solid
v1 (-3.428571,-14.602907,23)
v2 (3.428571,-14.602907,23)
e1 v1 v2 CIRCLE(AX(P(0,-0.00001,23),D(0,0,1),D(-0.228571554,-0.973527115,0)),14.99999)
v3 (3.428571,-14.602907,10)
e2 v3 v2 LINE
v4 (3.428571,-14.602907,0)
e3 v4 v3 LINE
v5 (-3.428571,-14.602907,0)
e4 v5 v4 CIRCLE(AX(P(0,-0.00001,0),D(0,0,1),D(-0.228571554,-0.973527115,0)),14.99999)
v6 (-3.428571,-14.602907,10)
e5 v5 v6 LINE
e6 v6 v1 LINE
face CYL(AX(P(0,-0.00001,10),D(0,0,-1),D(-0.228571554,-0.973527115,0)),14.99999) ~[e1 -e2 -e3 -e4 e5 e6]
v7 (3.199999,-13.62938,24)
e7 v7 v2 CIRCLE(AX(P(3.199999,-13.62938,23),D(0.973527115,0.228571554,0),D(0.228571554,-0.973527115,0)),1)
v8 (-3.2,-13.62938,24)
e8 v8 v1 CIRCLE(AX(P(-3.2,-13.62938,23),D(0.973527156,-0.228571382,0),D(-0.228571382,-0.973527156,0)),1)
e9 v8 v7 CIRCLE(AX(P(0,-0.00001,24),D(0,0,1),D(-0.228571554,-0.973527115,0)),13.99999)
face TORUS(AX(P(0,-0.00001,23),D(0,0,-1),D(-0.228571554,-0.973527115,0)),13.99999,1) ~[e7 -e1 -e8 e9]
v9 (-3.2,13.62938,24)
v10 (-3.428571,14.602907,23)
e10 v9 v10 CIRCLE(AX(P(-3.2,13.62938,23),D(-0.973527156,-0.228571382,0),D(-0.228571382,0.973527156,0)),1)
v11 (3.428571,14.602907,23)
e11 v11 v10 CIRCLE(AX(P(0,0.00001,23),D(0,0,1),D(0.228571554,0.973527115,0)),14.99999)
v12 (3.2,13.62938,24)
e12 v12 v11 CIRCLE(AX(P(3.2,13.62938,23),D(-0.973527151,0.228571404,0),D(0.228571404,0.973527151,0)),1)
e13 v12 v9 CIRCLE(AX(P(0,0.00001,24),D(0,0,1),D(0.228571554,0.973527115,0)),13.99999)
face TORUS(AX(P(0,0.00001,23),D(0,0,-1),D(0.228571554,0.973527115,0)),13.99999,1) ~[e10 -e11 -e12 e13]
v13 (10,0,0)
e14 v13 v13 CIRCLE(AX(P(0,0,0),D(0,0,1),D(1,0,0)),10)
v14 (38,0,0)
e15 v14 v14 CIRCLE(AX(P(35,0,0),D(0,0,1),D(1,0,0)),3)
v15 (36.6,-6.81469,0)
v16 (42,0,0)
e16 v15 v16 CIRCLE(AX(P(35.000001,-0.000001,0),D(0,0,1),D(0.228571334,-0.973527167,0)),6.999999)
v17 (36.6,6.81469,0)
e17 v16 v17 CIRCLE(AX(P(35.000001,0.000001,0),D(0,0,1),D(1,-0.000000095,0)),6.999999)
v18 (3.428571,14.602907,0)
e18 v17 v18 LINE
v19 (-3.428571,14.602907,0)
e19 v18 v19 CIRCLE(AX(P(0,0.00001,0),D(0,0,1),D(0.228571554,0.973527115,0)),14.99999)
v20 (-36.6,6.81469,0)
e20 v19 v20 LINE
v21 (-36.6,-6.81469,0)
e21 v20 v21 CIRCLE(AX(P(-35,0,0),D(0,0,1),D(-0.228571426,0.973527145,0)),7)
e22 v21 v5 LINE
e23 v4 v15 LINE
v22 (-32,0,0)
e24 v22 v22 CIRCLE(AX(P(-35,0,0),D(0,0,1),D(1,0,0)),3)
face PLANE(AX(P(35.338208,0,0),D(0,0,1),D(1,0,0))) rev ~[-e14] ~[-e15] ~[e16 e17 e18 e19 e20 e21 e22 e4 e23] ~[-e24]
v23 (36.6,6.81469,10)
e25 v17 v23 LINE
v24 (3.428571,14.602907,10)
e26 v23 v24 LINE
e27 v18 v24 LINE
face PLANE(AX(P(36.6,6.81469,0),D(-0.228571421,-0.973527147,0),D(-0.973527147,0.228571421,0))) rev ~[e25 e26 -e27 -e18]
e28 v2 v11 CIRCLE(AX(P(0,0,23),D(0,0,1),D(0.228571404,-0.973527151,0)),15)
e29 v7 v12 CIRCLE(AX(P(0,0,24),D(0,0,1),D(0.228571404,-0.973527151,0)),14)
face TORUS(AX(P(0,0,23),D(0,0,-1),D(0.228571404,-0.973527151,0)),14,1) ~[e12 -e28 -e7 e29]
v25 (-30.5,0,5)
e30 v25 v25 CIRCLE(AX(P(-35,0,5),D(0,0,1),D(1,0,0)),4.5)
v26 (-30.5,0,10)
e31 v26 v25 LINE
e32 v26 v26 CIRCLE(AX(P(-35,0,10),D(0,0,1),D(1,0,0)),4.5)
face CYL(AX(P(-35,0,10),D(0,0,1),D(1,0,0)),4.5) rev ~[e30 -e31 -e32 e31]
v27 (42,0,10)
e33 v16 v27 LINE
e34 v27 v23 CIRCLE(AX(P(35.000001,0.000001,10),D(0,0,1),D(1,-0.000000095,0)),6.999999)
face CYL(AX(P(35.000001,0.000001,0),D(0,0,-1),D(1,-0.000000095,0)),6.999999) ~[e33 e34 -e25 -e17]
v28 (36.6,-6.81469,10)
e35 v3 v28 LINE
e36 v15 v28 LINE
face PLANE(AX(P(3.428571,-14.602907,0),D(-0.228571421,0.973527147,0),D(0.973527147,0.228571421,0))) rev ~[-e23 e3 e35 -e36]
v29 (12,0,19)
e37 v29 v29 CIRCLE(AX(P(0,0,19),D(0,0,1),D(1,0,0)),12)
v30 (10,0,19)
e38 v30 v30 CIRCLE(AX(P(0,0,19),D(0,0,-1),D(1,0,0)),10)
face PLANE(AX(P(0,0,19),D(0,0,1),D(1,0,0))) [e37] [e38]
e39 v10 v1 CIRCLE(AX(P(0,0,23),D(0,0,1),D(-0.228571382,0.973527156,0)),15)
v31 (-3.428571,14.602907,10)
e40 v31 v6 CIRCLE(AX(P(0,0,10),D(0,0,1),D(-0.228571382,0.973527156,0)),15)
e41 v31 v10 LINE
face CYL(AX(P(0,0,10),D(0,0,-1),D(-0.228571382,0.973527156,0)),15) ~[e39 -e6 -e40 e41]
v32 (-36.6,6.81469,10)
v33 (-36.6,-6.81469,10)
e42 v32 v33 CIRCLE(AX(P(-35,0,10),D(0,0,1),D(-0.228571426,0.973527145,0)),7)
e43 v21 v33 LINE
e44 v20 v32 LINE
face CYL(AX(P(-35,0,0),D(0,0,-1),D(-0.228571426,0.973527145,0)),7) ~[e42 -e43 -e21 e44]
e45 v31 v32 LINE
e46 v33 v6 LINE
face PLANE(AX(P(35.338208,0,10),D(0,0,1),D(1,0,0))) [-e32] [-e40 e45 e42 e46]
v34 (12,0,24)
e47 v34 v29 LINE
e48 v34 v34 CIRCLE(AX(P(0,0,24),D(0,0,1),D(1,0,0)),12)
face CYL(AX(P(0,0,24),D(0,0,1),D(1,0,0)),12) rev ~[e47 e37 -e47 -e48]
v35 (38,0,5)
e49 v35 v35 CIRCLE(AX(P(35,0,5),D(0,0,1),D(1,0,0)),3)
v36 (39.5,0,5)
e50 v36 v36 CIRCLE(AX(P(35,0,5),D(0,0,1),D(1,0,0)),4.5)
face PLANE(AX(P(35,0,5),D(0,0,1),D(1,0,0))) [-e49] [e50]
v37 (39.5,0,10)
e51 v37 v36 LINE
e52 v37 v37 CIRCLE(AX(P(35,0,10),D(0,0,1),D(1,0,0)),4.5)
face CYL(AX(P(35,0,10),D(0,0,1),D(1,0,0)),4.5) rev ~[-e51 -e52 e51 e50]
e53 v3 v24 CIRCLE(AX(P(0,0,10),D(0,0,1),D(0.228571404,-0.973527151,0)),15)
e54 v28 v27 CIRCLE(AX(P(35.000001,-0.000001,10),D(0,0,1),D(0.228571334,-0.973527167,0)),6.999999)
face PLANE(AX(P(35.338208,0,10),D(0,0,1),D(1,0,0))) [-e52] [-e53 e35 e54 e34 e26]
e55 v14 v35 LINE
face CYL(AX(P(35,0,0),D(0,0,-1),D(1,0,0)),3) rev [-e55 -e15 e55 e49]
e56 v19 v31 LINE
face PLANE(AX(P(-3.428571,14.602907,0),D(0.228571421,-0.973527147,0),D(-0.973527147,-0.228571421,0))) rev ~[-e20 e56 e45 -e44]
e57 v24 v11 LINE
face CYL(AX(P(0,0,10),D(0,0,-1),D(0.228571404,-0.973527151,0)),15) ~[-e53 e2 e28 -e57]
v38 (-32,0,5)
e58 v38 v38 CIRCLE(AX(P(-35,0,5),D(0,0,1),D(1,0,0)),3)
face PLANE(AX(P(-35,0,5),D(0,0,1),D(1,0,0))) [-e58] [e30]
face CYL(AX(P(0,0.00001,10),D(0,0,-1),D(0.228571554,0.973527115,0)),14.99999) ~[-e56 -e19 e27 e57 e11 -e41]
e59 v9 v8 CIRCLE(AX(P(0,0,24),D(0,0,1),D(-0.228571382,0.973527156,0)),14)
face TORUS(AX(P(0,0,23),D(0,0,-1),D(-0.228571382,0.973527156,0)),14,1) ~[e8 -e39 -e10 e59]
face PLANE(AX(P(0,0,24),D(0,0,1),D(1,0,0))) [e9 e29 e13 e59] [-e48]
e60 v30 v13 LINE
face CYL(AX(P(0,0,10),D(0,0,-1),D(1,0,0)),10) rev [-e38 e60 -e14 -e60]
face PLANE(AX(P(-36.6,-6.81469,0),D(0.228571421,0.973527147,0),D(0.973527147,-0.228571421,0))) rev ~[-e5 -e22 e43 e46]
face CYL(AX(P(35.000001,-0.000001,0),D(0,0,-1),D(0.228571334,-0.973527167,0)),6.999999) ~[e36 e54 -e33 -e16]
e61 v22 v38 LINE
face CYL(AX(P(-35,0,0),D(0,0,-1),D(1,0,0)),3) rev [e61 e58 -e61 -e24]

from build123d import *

# Parameters (mm, degrees)
F0_R     = 10
F1_DEPTH = 10
F2_R     = 15
F2_R_2   = 10
F3_DEPTH = 14
F4_R     = 3
F5_DEPTH = 5
F6_R     = 4.5
F7_DEPTH = 5
F8_R     = 12
F9_DEPTH = 5
F10_R    = 1


with BuildPart() as f1:
    # F0 (on Top) → F1 (new body)
    with BuildSketch(Plane.XY):
        with BuildLine():
            ThreePointArc((42, 0), (40.486347, 4.347413), (36.6, 6.81469))
            ThreePointArc((36.6, 6.81469), (28, 0), (36.6, -6.81469))
            ThreePointArc((36.6, -6.81469), (40.486347, -4.347413), (42, 0))
        make_face()
        with BuildLine():
            ThreePointArc((-28, 0), (-30.652587, 5.486347), (-36.6, 6.81469))
            ThreePointArc((-36.6, 6.81469), (-42, 0), (-36.6, -6.81469))
            ThreePointArc((-36.6, -6.81469), (-30.652587, -5.486347), (-28, 0))
        make_face()
        with BuildLine():
            ThreePointArc((3.428571, 14.602907), (11.756457, 9.315885), (15, 0))
            ThreePointArc((15, 0), (11.756457, -9.315885), (3.428571, -14.602907))
            Line((3.428571, -14.602907), (36.6, -6.81469))
            ThreePointArc((36.6, -6.81469), (28, 0), (36.6, 6.81469))
            Line((36.6, 6.81469), (3.428571, 14.602907))
        make_face()
        with BuildLine():
            ThreePointArc((3.428571, -14.602907), (11.756457, -9.315885), (15, 0))
            ThreePointArc((15, 0), (11.756457, 9.315885), (3.428571, 14.602907))
            ThreePointArc((3.428571, 14.602907), (0, 15), (-3.428571, 14.602907))
            ThreePointArc((-3.428571, 14.602907), (-15, 0), (-3.428571, -14.602907))
            ThreePointArc((-3.428571, -14.602907), (0, -15), (3.428571, -14.602907))
        make_face()
        Circle(F0_R, mode=Mode.SUBTRACT)
        with BuildLine():
            ThreePointArc((-3.428571, -14.602907), (-15, 0), (-3.428571, 14.602907))
            Line((-3.428571, 14.602907), (-36.6, 6.81469))
            ThreePointArc((-36.6, 6.81469), (-30.652587, 5.486347), (-28, 0))
            ThreePointArc((-28, 0), (-30.652587, -5.486347), (-36.6, -6.81469))
            Line((-36.6, -6.81469), (-3.428571, -14.602907))
        make_face()
    extrude(amount=F1_DEPTH)

    # F2 (on face) → F3 (join)
    with BuildSketch(Plane.XY.offset(10)):
        Circle(F2_R)
        Circle(F2_R_2, mode=Mode.SUBTRACT)
        with BuildLine():
            ThreePointArc((3.428571, -14.602907), (11.756457, -9.315885), (15, 0))
            ThreePointArc((15, 0), (11.756457, 9.315885), (3.428571, 14.602907))
            ThreePointArc((3.428571, 14.602907), (0, 15), (-3.428571, 14.602907))
            ThreePointArc((-3.428571, 14.602907), (-15, 0), (-3.428571, -14.602907))
            ThreePointArc((-3.428571, -14.602907), (0, -15), (3.428571, -14.602907))
        make_face()
        Circle(F2_R_2, mode=Mode.SUBTRACT)
    extrude(amount=F3_DEPTH)

    # F4 (on Top) → F5 (cut)
    with BuildSketch(Plane.XY):
        with Locations((35, 0)):
            Circle(F4_R)
        with Locations((-35, 0)):
            Circle(F4_R)
    extrude(amount=F5_DEPTH, mode=Mode.SUBTRACT)

    # F6 (on face) → F7 (cut)
    with BuildSketch(Plane.XY.offset(10)):
        with Locations((35, 0)):
            Circle(F6_R)
        with Locations((-35, 0)):
            Circle(F6_R)
    extrude(amount=-F7_DEPTH, mode=Mode.SUBTRACT)

    # F8 (on face) → F9 (cut)
    with BuildSketch(Plane.XY.offset(24)):
        Circle(F8_R)
    extrude(amount=-F9_DEPTH, mode=Mode.SUBTRACT)

    # F10
    f10_edges = [f1.edges().sort_by_distance(p)[0] for p in [
        (-15, 0, 24),
    ]]
    fillet(f10_edges, radius=F10_R)


solid = f1.part
